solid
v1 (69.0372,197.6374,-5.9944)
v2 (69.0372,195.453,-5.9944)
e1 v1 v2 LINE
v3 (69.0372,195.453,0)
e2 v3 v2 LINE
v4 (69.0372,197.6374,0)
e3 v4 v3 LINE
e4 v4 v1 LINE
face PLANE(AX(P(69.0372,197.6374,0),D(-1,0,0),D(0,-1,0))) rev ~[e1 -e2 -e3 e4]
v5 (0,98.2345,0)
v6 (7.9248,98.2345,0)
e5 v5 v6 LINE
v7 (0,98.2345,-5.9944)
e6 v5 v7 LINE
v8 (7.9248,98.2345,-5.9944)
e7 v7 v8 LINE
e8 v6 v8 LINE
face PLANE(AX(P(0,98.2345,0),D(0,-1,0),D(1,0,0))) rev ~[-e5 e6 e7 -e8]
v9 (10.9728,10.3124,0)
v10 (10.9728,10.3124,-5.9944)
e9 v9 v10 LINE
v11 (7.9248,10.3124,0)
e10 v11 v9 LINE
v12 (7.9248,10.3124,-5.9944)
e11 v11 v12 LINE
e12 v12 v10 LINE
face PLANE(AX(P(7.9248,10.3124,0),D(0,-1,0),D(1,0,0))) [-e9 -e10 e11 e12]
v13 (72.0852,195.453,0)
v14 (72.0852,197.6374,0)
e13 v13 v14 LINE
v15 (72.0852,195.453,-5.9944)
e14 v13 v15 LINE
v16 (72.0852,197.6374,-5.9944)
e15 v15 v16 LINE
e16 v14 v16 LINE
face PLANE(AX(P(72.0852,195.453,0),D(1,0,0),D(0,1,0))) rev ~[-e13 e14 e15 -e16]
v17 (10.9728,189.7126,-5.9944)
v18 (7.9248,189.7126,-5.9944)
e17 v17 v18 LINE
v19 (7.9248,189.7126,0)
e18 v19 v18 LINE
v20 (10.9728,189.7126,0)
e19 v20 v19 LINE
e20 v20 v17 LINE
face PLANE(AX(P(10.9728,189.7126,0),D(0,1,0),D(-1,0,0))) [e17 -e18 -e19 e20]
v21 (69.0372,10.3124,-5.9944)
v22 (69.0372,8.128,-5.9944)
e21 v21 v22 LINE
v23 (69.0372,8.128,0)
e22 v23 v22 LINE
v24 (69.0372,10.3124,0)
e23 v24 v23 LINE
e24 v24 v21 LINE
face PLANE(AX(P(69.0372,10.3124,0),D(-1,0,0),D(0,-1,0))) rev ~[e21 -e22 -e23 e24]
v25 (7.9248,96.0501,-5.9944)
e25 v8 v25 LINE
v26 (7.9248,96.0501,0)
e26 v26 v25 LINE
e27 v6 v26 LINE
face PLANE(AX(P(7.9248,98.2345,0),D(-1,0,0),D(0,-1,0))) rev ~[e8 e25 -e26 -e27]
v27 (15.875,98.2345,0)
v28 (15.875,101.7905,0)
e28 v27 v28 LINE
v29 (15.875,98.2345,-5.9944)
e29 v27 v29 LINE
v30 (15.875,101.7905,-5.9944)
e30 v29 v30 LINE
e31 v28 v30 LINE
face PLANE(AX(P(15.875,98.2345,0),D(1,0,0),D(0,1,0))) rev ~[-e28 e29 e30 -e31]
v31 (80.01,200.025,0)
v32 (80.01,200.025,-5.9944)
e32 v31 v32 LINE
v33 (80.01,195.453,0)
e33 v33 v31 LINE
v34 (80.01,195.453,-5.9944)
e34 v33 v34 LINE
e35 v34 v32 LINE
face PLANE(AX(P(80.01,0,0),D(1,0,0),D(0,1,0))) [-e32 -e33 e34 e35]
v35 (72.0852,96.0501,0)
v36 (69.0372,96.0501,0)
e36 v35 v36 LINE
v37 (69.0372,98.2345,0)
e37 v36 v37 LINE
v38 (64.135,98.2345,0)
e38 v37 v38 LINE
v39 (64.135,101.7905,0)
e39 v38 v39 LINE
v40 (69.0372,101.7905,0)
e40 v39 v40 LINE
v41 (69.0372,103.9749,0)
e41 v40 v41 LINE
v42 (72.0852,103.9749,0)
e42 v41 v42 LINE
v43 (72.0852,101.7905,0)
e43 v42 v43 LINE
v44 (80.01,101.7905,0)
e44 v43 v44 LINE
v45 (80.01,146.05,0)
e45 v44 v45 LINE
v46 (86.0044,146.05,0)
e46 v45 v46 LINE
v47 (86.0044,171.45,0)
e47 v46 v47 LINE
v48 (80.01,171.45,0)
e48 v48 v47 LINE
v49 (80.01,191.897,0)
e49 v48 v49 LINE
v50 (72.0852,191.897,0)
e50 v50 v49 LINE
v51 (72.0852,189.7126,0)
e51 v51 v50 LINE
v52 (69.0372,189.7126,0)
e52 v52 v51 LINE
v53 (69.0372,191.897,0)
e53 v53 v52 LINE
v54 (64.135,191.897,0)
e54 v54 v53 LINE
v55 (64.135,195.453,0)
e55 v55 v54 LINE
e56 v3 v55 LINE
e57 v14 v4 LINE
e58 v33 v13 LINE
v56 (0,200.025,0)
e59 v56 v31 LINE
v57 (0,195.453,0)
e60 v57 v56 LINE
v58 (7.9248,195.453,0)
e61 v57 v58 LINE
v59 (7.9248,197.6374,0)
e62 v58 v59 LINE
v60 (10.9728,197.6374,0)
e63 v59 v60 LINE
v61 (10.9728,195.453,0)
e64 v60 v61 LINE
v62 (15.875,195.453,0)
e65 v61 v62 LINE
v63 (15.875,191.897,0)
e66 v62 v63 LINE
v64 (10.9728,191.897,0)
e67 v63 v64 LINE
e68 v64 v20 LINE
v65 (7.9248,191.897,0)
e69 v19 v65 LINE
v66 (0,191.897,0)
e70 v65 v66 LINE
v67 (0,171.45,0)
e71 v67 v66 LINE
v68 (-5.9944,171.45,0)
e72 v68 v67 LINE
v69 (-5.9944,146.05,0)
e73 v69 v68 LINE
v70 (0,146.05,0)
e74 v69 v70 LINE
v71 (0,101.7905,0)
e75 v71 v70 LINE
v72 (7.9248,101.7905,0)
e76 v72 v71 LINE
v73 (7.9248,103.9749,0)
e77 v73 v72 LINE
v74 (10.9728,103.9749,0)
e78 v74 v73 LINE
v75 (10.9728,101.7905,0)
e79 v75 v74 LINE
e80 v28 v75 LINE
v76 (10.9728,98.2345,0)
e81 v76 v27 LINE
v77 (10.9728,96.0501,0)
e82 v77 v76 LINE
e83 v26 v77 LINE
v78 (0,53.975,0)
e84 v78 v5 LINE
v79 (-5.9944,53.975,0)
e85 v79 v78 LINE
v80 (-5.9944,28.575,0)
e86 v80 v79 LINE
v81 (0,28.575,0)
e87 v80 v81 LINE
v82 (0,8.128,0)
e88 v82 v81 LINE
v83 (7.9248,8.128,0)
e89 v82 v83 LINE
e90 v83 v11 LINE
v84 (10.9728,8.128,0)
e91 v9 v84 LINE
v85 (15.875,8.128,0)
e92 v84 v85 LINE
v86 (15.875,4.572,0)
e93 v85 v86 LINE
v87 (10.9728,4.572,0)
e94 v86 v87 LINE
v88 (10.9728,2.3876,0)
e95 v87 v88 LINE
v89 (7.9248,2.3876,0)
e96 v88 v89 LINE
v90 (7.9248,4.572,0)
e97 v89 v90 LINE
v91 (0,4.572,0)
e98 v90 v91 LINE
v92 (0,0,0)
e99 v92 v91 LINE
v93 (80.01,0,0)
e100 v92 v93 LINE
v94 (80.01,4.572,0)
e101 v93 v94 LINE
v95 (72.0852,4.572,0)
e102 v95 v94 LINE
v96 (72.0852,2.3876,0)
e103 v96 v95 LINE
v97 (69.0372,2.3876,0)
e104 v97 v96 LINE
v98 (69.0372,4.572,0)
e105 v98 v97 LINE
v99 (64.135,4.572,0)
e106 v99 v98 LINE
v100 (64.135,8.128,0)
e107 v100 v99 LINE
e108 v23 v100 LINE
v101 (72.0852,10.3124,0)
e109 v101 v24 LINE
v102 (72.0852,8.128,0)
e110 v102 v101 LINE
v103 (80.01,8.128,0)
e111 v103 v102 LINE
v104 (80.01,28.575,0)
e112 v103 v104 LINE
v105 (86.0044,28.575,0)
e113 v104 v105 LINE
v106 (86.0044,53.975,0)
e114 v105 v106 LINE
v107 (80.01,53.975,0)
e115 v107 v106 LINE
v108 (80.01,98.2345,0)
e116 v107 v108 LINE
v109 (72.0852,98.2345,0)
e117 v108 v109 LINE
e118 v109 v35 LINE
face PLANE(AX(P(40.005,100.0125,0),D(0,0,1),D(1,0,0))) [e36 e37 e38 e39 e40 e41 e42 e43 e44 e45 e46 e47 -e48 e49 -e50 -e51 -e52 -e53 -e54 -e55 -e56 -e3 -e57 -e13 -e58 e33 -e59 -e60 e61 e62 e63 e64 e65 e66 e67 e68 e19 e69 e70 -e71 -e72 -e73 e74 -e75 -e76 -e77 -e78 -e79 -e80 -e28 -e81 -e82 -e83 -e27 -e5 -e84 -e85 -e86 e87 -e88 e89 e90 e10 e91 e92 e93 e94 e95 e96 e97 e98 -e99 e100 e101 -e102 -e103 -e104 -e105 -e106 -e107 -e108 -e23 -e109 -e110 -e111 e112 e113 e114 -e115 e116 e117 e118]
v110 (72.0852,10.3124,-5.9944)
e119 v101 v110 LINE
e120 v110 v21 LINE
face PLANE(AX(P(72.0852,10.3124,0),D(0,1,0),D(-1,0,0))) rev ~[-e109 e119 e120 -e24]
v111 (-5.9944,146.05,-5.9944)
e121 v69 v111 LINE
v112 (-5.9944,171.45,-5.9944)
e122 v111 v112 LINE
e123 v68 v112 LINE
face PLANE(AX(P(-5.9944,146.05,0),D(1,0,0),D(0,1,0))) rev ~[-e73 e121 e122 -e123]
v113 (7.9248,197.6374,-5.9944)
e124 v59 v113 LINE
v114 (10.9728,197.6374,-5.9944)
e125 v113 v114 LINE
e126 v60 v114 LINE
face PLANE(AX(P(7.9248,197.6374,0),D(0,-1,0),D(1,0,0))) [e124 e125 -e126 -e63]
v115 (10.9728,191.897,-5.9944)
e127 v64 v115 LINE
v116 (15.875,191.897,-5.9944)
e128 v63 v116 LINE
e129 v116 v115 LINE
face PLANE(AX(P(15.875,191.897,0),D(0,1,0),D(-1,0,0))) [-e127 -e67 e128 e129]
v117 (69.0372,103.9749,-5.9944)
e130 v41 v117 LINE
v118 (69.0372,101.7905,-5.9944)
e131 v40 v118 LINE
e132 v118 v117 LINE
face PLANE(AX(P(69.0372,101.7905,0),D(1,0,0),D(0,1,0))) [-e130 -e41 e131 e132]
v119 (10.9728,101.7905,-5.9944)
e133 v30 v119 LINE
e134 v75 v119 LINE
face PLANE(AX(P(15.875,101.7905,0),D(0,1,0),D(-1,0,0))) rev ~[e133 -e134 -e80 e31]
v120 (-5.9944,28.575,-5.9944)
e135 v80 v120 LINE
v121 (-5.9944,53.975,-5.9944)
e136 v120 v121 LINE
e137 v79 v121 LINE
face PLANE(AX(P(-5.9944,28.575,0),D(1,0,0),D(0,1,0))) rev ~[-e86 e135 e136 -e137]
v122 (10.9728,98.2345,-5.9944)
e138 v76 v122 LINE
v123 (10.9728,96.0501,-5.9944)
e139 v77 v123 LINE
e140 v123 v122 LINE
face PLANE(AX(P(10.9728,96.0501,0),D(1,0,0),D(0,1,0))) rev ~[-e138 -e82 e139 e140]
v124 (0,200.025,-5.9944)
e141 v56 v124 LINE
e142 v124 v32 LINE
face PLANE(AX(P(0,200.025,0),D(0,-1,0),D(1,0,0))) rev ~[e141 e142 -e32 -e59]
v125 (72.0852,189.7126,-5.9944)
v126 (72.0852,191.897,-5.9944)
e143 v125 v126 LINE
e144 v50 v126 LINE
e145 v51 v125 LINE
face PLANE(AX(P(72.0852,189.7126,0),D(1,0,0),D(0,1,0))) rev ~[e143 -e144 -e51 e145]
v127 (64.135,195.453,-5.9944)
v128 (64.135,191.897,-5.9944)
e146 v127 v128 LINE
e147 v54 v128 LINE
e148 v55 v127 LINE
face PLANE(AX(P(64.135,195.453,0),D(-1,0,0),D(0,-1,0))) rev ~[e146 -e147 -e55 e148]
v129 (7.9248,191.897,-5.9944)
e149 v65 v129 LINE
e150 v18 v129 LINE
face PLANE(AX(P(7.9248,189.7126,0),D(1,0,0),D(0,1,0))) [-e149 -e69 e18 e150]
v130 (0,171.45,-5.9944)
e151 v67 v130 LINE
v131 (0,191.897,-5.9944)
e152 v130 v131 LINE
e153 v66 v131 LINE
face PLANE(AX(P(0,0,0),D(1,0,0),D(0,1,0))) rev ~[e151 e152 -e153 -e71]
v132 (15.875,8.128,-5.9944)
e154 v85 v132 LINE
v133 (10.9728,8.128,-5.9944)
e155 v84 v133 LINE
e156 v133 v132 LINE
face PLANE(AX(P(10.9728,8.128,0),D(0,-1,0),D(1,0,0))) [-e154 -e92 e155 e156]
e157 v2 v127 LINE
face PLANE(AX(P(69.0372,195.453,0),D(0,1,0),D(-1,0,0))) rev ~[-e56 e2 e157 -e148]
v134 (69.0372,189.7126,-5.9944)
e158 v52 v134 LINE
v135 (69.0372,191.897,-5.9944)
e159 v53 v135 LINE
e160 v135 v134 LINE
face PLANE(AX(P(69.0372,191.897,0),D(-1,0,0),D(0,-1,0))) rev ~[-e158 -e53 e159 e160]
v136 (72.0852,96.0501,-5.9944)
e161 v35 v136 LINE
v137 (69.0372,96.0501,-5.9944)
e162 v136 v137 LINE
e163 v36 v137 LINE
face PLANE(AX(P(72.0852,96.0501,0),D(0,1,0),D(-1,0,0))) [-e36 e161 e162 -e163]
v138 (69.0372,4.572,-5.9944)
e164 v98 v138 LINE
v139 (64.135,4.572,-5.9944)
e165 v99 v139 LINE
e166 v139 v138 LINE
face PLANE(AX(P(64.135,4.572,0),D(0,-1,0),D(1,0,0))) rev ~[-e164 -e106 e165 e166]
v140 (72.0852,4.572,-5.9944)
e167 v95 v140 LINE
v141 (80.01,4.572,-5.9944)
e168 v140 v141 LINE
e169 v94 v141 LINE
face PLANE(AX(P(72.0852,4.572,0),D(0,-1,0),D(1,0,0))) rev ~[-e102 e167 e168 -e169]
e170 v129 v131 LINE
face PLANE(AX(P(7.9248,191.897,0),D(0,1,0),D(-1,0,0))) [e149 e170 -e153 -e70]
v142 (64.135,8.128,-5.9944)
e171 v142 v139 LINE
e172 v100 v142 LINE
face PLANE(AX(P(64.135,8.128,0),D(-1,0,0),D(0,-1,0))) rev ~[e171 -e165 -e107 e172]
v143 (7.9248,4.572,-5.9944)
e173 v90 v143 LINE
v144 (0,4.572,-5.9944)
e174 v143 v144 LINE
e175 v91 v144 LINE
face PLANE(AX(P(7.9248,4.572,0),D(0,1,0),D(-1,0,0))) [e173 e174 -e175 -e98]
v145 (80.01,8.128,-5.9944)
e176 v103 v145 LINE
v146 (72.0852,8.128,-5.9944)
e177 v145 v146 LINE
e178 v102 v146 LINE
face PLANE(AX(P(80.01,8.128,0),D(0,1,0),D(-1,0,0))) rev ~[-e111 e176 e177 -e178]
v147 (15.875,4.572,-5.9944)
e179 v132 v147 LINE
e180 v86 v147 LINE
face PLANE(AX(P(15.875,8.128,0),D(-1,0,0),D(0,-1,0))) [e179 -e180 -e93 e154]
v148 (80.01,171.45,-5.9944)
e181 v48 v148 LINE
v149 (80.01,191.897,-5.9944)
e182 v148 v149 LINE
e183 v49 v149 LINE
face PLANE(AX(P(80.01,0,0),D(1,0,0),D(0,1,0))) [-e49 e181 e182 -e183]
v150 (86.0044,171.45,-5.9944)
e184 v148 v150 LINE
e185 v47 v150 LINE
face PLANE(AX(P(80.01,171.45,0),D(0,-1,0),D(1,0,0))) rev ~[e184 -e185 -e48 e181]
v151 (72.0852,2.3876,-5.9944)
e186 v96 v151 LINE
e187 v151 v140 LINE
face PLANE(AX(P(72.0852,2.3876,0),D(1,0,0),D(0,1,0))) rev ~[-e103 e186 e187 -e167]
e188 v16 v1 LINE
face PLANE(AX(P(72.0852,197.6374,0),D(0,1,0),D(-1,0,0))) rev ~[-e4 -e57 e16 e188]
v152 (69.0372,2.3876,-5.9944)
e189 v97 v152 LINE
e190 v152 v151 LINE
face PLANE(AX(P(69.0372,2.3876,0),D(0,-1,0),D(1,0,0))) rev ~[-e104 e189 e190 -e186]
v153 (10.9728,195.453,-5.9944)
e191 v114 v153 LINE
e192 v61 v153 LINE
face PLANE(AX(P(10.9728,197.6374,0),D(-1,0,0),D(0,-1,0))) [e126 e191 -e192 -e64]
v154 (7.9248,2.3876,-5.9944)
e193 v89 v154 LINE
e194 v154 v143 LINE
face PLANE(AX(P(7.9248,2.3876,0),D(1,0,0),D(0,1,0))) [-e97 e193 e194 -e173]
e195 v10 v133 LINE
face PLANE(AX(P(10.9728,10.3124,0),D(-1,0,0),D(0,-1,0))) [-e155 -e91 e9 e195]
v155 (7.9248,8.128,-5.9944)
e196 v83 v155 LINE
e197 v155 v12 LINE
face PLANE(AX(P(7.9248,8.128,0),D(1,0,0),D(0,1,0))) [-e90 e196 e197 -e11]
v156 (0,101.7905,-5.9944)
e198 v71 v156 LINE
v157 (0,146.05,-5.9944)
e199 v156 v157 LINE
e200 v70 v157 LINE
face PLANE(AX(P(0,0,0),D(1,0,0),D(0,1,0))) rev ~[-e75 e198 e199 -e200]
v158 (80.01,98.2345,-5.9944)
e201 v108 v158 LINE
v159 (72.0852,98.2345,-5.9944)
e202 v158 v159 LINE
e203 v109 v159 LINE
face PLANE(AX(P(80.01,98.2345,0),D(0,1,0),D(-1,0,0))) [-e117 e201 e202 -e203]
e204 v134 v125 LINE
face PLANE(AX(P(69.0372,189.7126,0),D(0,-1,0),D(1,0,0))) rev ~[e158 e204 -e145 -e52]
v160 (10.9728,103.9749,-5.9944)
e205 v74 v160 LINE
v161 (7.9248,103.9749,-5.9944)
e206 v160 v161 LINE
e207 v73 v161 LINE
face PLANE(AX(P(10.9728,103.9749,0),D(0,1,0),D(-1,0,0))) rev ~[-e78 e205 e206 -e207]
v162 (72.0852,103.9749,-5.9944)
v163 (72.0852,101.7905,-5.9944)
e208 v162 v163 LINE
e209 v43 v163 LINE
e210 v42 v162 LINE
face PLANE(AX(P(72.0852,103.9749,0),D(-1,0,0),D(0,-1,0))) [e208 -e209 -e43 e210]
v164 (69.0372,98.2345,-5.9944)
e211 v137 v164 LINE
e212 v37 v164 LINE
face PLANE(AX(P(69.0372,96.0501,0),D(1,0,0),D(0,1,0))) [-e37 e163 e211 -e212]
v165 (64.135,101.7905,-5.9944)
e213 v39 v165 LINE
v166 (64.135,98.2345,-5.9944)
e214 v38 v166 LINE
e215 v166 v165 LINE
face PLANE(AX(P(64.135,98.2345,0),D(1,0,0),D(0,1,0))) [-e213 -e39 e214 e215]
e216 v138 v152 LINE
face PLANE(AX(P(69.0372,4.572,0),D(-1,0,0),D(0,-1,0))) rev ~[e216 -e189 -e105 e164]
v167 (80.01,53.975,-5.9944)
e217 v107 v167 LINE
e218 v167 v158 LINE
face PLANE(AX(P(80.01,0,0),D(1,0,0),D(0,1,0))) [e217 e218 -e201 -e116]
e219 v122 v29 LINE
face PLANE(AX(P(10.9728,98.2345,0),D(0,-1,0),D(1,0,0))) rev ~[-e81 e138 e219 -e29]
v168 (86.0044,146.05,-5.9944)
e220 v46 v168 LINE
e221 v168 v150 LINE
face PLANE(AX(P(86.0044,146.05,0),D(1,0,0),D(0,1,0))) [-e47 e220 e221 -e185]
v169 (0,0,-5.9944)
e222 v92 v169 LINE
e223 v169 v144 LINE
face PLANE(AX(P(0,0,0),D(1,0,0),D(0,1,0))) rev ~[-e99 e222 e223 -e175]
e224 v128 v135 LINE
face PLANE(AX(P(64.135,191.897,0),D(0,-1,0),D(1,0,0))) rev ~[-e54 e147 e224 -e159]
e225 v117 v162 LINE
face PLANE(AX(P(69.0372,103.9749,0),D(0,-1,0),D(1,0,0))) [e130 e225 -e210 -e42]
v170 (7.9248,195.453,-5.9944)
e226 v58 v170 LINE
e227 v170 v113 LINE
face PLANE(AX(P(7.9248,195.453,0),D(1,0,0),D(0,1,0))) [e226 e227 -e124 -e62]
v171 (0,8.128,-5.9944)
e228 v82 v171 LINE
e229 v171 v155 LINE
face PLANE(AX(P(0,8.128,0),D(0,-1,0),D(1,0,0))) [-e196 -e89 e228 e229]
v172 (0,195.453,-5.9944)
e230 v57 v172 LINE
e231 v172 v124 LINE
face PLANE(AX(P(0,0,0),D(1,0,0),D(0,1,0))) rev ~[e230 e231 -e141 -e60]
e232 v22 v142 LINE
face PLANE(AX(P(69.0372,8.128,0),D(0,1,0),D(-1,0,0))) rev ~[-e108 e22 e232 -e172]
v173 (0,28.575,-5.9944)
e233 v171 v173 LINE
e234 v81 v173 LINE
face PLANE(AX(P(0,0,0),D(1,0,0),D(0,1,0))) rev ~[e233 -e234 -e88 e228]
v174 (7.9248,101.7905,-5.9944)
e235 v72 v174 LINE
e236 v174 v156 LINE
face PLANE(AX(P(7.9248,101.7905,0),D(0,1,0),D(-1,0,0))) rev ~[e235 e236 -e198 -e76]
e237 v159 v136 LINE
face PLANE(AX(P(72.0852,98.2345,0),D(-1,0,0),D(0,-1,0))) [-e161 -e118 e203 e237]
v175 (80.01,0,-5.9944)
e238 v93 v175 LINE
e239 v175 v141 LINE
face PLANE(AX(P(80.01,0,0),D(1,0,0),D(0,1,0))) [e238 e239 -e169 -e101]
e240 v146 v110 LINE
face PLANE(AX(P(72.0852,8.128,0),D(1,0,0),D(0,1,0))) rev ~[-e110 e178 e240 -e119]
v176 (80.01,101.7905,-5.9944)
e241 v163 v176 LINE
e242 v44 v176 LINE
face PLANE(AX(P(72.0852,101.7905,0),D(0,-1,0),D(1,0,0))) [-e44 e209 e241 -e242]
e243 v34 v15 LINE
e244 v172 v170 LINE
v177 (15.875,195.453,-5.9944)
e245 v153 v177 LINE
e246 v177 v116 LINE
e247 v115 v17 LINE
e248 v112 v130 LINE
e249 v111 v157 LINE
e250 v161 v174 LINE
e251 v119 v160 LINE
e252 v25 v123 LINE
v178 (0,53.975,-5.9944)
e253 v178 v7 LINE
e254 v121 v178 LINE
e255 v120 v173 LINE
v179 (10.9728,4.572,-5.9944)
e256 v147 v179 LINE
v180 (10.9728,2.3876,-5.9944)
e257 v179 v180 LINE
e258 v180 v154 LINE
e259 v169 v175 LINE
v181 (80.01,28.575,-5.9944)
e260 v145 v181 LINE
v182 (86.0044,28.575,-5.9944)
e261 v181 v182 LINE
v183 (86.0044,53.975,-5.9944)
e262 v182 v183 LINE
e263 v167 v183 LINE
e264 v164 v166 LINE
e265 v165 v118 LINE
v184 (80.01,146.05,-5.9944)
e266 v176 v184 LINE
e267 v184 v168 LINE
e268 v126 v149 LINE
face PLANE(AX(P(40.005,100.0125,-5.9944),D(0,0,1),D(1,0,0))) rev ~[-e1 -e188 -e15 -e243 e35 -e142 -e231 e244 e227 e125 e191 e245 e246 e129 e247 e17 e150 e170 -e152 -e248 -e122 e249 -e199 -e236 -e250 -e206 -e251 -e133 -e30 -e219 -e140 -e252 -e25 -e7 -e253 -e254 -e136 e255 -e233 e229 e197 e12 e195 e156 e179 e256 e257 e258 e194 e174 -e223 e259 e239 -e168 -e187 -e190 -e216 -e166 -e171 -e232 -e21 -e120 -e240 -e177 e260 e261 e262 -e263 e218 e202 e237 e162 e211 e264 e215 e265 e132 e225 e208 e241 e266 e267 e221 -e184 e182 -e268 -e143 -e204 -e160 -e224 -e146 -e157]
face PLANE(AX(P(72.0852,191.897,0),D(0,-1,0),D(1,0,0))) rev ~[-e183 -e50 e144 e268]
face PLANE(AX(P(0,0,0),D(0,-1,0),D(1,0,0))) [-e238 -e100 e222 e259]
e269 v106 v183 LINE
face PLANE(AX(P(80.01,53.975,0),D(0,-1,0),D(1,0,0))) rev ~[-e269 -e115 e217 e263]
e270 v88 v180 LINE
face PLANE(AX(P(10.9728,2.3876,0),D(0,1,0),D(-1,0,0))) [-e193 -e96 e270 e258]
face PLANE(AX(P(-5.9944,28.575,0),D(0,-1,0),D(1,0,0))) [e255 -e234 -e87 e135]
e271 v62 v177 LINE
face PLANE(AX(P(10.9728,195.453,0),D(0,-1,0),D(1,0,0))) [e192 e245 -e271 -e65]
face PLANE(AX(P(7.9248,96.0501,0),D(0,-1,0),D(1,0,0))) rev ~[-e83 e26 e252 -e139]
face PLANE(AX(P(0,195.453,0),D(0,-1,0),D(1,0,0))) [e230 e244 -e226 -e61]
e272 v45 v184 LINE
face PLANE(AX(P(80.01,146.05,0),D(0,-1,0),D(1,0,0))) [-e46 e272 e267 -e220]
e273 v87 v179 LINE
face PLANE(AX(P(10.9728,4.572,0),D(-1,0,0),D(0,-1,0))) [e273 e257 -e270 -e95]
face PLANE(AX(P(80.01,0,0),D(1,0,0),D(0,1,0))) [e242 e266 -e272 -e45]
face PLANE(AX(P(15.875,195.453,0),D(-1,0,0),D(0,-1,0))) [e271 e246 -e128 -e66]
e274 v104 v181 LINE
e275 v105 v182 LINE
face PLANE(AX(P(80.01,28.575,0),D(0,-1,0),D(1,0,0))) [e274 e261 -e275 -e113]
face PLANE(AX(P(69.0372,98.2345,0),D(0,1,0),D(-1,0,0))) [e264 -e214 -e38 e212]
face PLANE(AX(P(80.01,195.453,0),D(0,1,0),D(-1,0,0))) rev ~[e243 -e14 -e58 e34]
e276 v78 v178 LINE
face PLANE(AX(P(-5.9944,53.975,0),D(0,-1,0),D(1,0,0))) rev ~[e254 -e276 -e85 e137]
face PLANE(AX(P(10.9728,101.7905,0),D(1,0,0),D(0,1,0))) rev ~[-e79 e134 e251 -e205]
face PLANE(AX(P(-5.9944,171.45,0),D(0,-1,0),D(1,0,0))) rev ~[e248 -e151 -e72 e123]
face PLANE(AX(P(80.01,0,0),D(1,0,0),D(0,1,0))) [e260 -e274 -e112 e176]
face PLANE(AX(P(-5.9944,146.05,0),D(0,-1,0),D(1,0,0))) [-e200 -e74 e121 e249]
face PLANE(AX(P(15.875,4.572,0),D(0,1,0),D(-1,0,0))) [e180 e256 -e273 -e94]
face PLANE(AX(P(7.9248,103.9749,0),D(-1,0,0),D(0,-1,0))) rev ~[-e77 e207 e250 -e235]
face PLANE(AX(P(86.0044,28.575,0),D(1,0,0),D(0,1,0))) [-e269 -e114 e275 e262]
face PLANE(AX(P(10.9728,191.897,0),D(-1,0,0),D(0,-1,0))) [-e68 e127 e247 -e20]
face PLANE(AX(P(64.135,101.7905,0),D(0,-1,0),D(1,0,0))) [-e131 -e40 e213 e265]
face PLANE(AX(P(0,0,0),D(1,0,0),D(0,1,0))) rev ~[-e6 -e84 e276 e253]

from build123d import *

# Parameters (mm, degrees)
SKETCH1_W           = 80.01
SKETCH1_H           = 200.025
BOSS_EXTRUDE1_DEPTH = 5.9944
SKETCH2_W           = 5.9944
SKETCH2_H           = 25.4
BOSS_EXTRUDE2_DEPTH = 5.9944
CUT_EXTRUDE1_DEPTH  = 6.9944


with BuildPart() as part:
    # Sketch1 → Boss-Extrude1 (new body)
    with BuildSketch(Plane.XY):
        with Locations((40.005, 100.0125)):
            Rectangle(SKETCH1_W, SKETCH1_H)
    extrude(amount=-BOSS_EXTRUDE1_DEPTH)

    # Sketch2 → Boss-Extrude2 (add)
    with BuildSketch(Plane.XY):
        with Locations((83.0072, 158.75)):
            Rectangle(SKETCH2_W, SKETCH2_H)
        with Locations((-2.9972, 158.75)):
            Rectangle(SKETCH2_W, SKETCH2_H)
        with Locations((-2.9972, 41.275)):
            Rectangle(SKETCH2_W, SKETCH2_H)
        with Locations((83.0072, 41.275)):
            Rectangle(SKETCH2_W, SKETCH2_H)
    extrude(amount=-BOSS_EXTRUDE2_DEPTH)

    # Sketch3 → Cut-Extrude1 (cut, through all)
    with BuildSketch(Plane.XY):
        Polygon((80.01, 195.453), (72.0852, 195.453), (72.0852, 197.6374), (69.0372, 197.6374), (69.0372, 195.453), (64.135, 195.453), (64.135, 191.897), (69.0372, 191.897), (69.0372, 189.7126), (72.0852, 189.7126), (72.0852, 191.897), (80.01, 191.897), align=None)
        Polygon((69.0372, 8.128), (64.135, 8.128), (64.135, 4.572), (69.0372, 4.572), (69.0372, 2.3876), (72.0852, 2.3876), (72.0852, 4.572), (80.01, 4.572), (80.01, 8.128), (72.0852, 8.128), (72.0852, 10.3124), (69.0372, 10.3124), align=None)
        Polygon((69.0372, 96.0501), (69.0372, 98.2345), (64.135, 98.2345), (64.135, 101.7905), (69.0372, 101.7905), (69.0372, 103.9749), (72.0852, 103.9749), (72.0852, 101.7905), (80.01, 101.7905), (80.01, 98.2345), (72.0852, 98.2345), (72.0852, 96.0501), align=None)
        Polygon((10.9728, 10.3124), (10.9728, 8.128), (15.875, 8.128), (15.875, 4.572), (10.9728, 4.572), (10.9728, 2.3876), (7.9248, 2.3876), (7.9248, 4.572), (0, 4.572), (0, 8.128), (7.9248, 8.128), (7.9248, 10.3124), align=None)
        Polygon((7.9248, 96.0501), (10.9728, 96.0501), (10.9728, 98.2345), (15.875, 98.2345), (15.875, 101.7905), (10.9728, 101.7905), (10.9728, 103.9749), (7.9248, 103.9749), (7.9248, 101.7905), (0, 101.7905), (0, 98.2345), (7.9248, 98.2345), align=None)
        Polygon((0, 195.453), (7.9248, 195.453), (7.9248, 197.6374), (10.9728, 197.6374), (10.9728, 195.453), (15.875, 195.453), (15.875, 191.897), (10.9728, 191.897), (10.9728, 189.7126), (7.9248, 189.7126), (7.9248, 191.897), (0, 191.897), align=None)
    extrude(amount=-CUT_EXTRUDE1_DEPTH, mode=Mode.SUBTRACT)


solid = part.part
